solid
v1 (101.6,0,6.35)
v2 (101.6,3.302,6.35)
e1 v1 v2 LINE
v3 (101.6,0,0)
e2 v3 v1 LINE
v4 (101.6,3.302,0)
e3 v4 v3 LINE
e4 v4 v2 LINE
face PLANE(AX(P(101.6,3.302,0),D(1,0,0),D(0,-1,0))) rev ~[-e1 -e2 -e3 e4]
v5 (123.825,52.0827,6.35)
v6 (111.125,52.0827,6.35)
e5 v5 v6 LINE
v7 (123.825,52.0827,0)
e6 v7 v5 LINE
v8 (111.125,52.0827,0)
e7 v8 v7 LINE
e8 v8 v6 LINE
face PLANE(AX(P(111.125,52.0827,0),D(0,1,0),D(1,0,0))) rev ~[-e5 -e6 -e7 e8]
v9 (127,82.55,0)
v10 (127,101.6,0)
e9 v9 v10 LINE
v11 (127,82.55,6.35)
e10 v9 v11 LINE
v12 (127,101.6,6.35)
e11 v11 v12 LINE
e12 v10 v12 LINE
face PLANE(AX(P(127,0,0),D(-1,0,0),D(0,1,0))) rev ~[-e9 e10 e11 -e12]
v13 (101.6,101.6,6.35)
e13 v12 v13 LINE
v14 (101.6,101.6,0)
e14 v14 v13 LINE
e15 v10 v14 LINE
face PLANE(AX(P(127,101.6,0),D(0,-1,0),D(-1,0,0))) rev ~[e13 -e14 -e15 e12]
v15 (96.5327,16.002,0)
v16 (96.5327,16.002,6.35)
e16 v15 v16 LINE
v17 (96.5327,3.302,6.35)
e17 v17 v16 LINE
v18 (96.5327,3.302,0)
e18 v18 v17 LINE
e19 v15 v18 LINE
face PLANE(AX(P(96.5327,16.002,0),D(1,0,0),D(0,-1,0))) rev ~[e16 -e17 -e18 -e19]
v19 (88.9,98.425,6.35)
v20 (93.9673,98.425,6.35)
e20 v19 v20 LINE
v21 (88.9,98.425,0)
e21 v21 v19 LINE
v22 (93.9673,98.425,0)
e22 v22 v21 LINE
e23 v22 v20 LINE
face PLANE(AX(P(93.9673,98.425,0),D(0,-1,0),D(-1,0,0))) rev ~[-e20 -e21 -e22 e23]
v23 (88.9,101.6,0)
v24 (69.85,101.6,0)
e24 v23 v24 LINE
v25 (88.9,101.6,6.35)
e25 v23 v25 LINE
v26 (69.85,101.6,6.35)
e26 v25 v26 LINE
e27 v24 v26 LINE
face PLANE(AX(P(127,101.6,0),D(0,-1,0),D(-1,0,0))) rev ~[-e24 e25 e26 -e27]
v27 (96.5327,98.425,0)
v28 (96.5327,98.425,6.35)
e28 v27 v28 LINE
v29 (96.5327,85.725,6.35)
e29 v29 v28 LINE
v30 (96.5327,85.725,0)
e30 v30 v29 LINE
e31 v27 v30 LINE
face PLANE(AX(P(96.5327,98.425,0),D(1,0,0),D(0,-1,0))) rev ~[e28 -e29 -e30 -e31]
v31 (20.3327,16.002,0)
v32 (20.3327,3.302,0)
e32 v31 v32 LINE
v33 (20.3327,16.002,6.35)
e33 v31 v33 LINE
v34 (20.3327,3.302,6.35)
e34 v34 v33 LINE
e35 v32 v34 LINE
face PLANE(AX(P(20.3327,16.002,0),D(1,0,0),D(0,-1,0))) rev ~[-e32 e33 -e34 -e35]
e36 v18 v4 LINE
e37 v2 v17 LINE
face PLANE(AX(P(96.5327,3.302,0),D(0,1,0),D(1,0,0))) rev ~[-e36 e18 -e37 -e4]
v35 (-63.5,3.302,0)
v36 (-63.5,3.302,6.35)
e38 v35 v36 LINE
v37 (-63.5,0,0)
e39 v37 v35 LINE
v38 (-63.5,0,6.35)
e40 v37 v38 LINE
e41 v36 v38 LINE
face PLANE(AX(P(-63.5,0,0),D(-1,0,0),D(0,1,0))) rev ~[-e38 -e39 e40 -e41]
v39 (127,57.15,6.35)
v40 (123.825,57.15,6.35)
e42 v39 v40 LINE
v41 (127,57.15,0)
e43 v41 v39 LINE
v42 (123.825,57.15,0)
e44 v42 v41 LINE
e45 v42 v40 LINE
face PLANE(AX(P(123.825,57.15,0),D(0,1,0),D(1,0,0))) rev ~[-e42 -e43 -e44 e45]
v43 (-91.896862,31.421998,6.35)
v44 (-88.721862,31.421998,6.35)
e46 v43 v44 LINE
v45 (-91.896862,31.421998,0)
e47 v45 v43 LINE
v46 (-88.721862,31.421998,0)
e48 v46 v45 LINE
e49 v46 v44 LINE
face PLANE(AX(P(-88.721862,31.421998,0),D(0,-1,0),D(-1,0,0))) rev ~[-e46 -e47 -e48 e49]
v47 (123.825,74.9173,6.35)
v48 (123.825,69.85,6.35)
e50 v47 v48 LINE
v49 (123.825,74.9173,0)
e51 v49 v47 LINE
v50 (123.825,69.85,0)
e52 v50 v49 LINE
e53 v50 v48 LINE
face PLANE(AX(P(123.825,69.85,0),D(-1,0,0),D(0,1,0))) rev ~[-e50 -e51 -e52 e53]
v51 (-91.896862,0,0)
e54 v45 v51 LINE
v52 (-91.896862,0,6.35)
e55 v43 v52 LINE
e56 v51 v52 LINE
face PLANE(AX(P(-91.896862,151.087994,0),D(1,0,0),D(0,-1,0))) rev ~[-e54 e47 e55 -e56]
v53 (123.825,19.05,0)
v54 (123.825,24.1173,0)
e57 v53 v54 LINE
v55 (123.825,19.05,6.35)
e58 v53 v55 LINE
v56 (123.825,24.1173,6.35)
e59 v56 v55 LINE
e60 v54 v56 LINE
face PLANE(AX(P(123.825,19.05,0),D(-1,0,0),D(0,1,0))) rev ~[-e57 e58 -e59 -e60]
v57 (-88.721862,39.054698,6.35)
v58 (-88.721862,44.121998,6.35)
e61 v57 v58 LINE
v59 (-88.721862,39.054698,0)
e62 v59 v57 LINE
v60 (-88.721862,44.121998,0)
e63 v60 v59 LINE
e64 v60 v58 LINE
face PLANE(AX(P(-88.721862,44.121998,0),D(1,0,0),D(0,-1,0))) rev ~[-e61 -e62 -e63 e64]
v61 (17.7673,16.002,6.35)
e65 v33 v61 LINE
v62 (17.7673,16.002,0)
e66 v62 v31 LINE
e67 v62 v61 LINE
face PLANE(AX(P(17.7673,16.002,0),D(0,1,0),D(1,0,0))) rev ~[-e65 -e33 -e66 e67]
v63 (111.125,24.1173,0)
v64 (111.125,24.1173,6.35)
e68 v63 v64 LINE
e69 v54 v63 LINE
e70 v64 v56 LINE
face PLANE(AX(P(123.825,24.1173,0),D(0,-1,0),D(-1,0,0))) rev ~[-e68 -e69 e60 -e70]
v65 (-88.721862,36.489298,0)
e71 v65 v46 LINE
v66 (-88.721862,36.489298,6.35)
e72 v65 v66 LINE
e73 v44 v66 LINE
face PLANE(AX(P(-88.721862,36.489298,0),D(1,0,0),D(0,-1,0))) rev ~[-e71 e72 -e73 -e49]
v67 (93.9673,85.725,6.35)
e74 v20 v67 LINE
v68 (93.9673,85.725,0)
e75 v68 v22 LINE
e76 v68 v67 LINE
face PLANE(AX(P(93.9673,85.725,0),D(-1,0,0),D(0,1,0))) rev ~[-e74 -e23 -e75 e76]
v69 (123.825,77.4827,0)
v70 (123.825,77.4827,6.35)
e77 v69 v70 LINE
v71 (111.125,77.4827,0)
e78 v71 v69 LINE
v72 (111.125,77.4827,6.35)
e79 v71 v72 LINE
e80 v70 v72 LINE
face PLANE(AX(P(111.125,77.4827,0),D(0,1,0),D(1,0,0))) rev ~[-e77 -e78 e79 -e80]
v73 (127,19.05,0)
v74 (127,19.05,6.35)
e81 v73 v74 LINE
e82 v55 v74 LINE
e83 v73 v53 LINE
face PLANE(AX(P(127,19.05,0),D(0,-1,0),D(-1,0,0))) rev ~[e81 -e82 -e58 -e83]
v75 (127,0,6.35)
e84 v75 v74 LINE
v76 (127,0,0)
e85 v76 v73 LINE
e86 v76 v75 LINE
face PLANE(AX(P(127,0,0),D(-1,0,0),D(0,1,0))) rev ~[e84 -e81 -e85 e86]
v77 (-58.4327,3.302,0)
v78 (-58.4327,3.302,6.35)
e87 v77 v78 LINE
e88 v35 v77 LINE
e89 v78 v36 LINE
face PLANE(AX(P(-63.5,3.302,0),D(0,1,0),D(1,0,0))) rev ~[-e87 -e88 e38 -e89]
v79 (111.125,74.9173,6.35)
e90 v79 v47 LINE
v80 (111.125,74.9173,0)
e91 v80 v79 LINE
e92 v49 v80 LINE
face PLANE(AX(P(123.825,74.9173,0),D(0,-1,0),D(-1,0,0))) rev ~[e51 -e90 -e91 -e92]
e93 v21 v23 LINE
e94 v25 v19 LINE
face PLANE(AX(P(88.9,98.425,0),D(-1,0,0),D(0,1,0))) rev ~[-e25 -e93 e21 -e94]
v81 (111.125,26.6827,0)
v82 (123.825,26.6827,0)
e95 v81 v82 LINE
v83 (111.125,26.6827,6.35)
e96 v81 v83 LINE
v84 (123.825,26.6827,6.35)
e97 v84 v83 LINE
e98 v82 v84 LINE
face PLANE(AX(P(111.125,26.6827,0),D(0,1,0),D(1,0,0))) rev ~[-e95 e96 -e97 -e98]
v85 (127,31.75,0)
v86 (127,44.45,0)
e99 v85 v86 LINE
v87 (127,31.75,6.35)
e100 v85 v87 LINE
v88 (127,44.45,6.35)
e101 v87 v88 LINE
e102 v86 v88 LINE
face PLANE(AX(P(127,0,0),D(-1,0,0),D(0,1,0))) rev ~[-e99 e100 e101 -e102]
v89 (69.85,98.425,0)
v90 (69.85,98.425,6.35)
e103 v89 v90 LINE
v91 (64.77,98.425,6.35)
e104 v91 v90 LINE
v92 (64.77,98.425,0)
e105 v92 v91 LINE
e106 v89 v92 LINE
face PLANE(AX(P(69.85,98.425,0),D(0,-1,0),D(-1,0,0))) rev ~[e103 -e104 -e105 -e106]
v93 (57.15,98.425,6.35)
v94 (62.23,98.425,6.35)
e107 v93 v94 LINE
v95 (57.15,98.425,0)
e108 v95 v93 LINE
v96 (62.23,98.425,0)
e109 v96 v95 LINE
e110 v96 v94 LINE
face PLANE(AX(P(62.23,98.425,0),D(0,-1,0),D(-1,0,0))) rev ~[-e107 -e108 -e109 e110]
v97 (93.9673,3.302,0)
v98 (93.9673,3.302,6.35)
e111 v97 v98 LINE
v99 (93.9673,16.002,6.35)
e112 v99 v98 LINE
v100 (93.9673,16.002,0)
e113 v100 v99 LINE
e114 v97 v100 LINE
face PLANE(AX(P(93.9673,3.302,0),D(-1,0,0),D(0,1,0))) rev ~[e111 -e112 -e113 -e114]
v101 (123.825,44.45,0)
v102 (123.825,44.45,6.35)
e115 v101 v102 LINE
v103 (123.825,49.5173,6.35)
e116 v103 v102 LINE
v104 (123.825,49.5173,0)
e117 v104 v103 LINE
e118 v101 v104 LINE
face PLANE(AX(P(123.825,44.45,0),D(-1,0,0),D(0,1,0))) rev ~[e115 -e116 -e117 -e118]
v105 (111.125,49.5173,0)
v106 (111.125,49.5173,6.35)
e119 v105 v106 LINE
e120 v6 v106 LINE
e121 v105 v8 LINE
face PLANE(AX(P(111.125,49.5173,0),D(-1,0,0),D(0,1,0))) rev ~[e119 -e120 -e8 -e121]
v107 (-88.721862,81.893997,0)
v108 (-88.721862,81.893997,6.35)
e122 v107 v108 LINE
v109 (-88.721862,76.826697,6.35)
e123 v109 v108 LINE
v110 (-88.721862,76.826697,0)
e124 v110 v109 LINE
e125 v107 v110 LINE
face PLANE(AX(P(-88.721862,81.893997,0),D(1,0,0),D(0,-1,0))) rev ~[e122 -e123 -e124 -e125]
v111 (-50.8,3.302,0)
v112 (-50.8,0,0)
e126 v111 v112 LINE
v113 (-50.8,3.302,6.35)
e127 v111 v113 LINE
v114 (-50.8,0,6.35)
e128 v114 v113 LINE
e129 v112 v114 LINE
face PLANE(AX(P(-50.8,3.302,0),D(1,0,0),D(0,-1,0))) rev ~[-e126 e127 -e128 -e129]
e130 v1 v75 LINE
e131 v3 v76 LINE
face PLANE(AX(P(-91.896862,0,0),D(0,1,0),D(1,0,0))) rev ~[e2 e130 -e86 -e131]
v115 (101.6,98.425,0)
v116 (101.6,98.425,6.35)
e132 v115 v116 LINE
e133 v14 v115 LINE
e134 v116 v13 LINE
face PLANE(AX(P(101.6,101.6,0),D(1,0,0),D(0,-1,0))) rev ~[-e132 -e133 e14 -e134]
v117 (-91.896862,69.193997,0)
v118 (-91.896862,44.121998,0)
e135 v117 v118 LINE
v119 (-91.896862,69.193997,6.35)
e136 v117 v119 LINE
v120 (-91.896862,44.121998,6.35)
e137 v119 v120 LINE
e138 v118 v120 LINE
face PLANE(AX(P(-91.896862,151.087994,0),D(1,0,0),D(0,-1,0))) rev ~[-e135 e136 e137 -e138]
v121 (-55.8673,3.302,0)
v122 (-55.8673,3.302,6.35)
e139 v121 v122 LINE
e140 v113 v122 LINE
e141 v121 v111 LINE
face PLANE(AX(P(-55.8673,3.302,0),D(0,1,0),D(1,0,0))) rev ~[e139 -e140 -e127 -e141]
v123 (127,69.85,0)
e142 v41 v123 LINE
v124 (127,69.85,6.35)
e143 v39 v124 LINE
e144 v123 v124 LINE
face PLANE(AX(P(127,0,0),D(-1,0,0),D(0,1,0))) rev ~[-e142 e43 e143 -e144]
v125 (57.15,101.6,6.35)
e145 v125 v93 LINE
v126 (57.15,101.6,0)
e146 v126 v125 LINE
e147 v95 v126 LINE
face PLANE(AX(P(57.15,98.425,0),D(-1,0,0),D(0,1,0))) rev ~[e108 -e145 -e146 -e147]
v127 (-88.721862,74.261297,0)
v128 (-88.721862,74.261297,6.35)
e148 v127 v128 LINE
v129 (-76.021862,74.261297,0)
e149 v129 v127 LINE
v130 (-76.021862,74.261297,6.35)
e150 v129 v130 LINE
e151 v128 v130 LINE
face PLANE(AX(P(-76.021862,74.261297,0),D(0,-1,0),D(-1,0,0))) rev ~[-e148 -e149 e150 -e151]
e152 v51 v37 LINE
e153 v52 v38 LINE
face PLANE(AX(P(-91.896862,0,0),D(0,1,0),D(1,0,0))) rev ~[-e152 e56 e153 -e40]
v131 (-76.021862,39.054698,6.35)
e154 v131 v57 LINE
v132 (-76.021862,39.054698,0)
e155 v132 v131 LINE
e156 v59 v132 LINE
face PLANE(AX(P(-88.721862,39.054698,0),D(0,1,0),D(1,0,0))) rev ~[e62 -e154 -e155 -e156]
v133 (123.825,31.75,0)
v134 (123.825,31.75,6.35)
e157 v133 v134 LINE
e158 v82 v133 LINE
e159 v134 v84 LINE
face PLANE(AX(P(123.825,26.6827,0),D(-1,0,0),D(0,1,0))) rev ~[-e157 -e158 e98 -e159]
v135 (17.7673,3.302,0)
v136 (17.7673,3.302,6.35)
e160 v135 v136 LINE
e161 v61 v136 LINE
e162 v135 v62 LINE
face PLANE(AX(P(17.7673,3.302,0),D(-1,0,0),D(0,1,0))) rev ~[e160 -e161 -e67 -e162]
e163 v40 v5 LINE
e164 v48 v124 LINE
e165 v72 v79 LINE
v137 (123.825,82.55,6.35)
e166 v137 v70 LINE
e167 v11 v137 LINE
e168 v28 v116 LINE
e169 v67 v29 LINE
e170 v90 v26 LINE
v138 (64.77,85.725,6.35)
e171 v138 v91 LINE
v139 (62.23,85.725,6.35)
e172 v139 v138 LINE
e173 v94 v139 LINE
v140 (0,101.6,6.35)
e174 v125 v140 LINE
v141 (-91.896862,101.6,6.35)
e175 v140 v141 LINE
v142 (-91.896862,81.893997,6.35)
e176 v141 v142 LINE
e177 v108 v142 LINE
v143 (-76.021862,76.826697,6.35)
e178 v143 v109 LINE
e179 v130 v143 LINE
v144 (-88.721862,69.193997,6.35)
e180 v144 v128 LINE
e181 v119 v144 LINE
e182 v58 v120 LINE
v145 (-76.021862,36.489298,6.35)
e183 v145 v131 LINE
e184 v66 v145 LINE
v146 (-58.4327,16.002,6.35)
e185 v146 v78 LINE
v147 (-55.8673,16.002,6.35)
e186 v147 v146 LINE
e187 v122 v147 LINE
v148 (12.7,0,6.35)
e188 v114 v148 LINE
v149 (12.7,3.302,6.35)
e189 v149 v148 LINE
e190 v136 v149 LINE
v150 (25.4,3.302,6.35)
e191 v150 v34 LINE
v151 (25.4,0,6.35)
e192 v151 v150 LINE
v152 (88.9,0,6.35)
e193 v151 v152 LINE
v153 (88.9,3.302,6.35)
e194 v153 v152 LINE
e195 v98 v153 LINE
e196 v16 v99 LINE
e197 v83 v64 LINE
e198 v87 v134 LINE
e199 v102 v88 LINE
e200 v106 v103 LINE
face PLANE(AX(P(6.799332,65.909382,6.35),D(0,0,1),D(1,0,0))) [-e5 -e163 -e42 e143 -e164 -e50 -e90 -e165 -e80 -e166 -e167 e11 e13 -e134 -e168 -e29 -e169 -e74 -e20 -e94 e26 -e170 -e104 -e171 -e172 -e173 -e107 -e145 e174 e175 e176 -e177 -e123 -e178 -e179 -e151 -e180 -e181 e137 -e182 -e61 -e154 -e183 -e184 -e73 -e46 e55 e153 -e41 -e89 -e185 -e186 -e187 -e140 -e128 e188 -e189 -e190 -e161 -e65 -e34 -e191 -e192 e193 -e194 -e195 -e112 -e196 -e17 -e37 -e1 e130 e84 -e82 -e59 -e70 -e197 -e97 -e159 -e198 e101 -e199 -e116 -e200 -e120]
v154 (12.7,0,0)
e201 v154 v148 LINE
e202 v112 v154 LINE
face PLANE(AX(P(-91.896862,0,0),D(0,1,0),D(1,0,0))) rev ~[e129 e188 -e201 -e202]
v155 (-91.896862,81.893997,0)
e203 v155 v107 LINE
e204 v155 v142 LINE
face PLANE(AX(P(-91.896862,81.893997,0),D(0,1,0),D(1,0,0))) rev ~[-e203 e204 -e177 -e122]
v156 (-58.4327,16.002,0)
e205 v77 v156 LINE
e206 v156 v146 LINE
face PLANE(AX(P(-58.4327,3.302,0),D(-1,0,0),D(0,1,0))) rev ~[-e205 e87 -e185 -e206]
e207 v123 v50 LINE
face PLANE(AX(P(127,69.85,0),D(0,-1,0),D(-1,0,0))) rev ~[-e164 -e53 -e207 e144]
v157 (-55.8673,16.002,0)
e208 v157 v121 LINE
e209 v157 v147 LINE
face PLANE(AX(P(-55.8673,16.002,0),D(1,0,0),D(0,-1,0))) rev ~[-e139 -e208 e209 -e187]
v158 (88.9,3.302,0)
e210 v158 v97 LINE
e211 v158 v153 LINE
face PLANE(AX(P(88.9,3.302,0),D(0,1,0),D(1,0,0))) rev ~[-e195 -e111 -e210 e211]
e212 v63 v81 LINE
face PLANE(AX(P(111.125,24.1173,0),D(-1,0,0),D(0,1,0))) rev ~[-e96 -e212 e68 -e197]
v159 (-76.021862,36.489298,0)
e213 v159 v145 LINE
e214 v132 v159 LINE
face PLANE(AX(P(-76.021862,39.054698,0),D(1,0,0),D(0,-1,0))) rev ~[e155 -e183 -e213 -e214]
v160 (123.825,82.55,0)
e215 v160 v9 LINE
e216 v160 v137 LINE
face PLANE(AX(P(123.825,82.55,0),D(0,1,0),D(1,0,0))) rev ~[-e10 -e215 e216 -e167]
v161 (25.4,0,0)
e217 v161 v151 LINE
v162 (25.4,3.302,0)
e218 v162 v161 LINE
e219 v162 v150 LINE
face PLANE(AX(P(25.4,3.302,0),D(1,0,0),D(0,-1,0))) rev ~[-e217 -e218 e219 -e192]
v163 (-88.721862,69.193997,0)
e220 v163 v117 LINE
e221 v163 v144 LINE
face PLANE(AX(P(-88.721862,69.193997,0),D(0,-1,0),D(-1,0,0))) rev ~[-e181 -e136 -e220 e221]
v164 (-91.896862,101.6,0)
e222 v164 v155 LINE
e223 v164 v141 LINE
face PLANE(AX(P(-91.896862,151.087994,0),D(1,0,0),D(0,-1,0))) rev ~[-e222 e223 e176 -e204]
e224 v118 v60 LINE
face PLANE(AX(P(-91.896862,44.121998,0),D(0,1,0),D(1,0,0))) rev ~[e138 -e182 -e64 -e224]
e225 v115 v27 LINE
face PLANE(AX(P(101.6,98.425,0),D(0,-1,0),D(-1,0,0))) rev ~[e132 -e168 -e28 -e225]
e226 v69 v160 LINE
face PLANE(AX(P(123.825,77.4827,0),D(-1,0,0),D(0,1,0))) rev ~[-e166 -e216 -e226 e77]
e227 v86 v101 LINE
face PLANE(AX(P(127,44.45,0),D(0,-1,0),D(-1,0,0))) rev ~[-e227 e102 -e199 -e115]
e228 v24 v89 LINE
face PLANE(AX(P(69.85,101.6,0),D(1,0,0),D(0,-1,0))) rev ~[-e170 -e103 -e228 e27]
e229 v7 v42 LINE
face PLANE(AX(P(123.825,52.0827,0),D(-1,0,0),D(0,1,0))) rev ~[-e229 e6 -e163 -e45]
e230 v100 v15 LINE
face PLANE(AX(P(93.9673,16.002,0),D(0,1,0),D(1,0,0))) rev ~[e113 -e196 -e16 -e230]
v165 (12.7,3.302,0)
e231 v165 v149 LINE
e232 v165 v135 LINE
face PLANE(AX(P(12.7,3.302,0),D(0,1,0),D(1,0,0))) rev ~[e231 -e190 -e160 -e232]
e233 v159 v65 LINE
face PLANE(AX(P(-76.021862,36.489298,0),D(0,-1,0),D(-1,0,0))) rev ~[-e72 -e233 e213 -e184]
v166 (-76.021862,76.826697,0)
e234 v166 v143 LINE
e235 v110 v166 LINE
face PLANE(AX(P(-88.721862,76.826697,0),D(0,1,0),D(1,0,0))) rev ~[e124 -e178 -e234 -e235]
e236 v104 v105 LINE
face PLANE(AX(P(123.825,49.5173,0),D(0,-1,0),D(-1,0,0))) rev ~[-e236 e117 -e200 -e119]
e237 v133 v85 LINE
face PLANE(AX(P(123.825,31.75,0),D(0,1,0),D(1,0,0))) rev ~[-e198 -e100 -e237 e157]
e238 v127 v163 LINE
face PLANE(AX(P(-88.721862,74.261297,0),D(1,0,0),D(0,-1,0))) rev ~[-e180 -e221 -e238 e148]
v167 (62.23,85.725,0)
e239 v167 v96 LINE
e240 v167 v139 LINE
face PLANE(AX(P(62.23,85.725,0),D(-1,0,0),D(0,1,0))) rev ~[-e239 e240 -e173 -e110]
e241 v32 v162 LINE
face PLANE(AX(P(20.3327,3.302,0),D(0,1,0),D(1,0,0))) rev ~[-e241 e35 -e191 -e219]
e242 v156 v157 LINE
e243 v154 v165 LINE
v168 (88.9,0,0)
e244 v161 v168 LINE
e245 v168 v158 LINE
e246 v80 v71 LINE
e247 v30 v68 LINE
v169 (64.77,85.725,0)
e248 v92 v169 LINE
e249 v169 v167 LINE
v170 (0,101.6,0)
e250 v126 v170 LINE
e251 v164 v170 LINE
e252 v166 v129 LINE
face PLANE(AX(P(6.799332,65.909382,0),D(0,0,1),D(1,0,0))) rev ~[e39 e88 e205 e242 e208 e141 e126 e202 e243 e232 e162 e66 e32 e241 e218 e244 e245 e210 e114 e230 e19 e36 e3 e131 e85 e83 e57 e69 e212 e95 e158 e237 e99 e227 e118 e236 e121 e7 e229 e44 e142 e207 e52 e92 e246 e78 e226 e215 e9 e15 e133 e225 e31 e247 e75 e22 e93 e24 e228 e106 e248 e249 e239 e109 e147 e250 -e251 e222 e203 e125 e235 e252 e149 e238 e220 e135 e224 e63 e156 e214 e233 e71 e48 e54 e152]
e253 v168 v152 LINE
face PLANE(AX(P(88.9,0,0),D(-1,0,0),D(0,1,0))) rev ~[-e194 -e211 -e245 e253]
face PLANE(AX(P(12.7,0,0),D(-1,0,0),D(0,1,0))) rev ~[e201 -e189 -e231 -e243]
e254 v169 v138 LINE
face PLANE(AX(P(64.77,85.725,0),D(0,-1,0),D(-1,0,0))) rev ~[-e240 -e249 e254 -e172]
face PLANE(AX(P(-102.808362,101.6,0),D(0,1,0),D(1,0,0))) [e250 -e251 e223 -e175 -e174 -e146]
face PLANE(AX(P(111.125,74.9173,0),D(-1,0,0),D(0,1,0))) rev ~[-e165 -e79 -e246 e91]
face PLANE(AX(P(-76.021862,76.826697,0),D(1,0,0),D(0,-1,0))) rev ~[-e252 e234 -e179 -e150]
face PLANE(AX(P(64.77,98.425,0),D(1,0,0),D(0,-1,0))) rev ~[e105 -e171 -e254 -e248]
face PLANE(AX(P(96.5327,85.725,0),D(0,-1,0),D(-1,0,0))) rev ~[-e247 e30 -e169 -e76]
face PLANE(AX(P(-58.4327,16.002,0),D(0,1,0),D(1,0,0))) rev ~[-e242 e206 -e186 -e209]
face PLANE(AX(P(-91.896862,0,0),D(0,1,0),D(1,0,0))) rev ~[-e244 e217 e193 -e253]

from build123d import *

# Parameters (mm, degrees)
BOSS_EXTRUDE1_DEPTH     = 6.35
CUT_EXTRUDE4_DEPTH      = 127
CUT_EXTRUDE4_DEPTH_BACK = 127
CUT_EXTRUDE5_DEPTH      = 127
CUT_EXTRUDE5_DEPTH_BACK = 127
CUT_EXTRUDE7_DEPTH      = 127
CUT_EXTRUDE7_DEPTH_BACK = 127
SKETCH5_W               = 229.808362084
SKETCH5_H               = 77.917038349


with BuildPart() as part:
    # Sketch1 → Boss-Extrude1 (new body)
    with BuildSketch(Plane.XY):
        Polygon((0, 0), (127, 0), (127, 101.6), (0, 101.6), (-70.692427737, 172.292427737), (-91.896861793, 151.087993682), (-91.896861793, 0), align=None)
    extrude(amount=BOSS_EXTRUDE1_DEPTH)

    # Sketch3 → Cut-Extrude4 (cut, two sides: drawn at the far end of the back side and taken through both)
    with BuildSketch(Plane(origin=(0, 0, 0), x_dir=(-1, 0, 0), z_dir=(0, 0, -1)).offset(-CUT_EXTRUDE4_DEPTH_BACK)):
        Polygon((68.447363707, 161.067107586), (63.957235647, 156.576979525), (66.202299677, 154.331915495), (70.692427737, 158.822043556), align=None)
        Polygon((-127, 31.75), (-127, 19.05), (-123.825, 19.05), (-123.825, 24.1173), (-111.125, 24.1173), (-111.125, 26.6827), (-123.825, 26.6827), (-123.825, 31.75), align=None)
        Polygon((-57.15, 101.6), (-69.85, 101.6), (-69.85, 98.425), (-64.77, 98.425), (-64.77, 85.725), (-62.23, 85.725), (-62.23, 98.425), (-57.15, 98.425), align=None)
        Polygon((-88.9, 101.6), (-101.6, 101.6), (-101.6, 98.425), (-96.5327, 98.425), (-96.5327, 85.725), (-93.9673, 85.725), (-93.9673, 98.425), (-88.9, 98.425), align=None)
        Polygon((-127, 82.55), (-127, 69.85), (-123.825, 69.85), (-123.825, 74.9173), (-111.125, 74.9173), (-111.125, 77.4827), (-123.825, 77.4827), (-123.825, 82.55), align=None)
        Polygon((-127, 57.15), (-127, 44.45), (-123.825, 44.45), (-123.825, 49.5173), (-111.125, 49.5173), (-111.125, 52.0827), (-123.825, 52.0827), (-123.825, 57.15), align=None)
        Polygon((88.721861793, 106.965995261), (91.896861793, 106.965995261), (91.896861793, 119.665995261), (88.721861793, 119.665995261), (88.721861793, 114.598695261), (76.021861793, 114.598695261), (76.021861793, 112.033295261), (88.721861793, 112.033295261), align=None)
        Polygon((88.721861793, 69.193996841), (91.896861793, 69.193996841), (91.896861793, 81.893996841), (88.721861793, 81.893996841), (88.721861793, 76.826696841), (76.021861793, 76.826696841), (76.021861793, 74.261296841), (88.721861793, 74.261296841), align=None)
        Polygon((88.721861793, 31.42199842), (91.896861793, 31.42199842), (91.896861793, 44.12199842), (88.721861793, 44.12199842), (88.721861793, 39.05469842), (76.021861793, 39.05469842), (76.021861793, 36.48929842), (88.721861793, 36.48929842), align=None)
        Polygon((50.8, 3.302), (50.8, 0), (63.5, 0), (63.5, 3.302), (58.4327, 3.302), (58.4327, 16.002), (55.8673, 16.002), (55.8673, 3.302), align=None)
        Polygon((-25.4, 3.302), (-25.4, 0), (-12.7, 0), (-12.7, 3.302), (-17.7673, 3.302), (-17.7673, 16.002), (-20.3327, 16.002), (-20.3327, 3.302), align=None)
        Polygon((-101.6, 3.302), (-101.6, 0), (-88.9, 0), (-88.9, 3.302), (-93.9673, 3.302), (-93.9673, 16.002), (-96.5327, 16.002), (-96.5327, 3.302), align=None)
    extrude(amount=CUT_EXTRUDE4_DEPTH + CUT_EXTRUDE4_DEPTH_BACK, mode=Mode.SUBTRACT)

    # Sketch4 → Cut-Extrude5 (cut, two sides: drawn at the far end of the back side and taken through both)
    with BuildSketch(Plane.XY.offset(-CUT_EXTRUDE5_DEPTH_BACK)):
        Polygon((-81.917747889, 147.596723404), (-79.672683858, 149.841787435), (-75.182555798, 145.351659374), (-77.427619828, 143.106595344), align=None)
    extrude(amount=CUT_EXTRUDE5_DEPTH + CUT_EXTRUDE5_DEPTH_BACK, mode=Mode.SUBTRACT)

    # Sketch5 → Cut-Extrude7 (cut, two sides: drawn at the far end of the back side and taken through both)
    with BuildSketch(Plane.XY.offset(-CUT_EXTRUDE7_DEPTH_BACK)):
        with Locations((12.095818958, 140.558519175)):
            Rectangle(SKETCH5_W, SKETCH5_H)
    extrude(amount=CUT_EXTRUDE7_DEPTH + CUT_EXTRUDE7_DEPTH_BACK, mode=Mode.SUBTRACT)


solid = part.part
